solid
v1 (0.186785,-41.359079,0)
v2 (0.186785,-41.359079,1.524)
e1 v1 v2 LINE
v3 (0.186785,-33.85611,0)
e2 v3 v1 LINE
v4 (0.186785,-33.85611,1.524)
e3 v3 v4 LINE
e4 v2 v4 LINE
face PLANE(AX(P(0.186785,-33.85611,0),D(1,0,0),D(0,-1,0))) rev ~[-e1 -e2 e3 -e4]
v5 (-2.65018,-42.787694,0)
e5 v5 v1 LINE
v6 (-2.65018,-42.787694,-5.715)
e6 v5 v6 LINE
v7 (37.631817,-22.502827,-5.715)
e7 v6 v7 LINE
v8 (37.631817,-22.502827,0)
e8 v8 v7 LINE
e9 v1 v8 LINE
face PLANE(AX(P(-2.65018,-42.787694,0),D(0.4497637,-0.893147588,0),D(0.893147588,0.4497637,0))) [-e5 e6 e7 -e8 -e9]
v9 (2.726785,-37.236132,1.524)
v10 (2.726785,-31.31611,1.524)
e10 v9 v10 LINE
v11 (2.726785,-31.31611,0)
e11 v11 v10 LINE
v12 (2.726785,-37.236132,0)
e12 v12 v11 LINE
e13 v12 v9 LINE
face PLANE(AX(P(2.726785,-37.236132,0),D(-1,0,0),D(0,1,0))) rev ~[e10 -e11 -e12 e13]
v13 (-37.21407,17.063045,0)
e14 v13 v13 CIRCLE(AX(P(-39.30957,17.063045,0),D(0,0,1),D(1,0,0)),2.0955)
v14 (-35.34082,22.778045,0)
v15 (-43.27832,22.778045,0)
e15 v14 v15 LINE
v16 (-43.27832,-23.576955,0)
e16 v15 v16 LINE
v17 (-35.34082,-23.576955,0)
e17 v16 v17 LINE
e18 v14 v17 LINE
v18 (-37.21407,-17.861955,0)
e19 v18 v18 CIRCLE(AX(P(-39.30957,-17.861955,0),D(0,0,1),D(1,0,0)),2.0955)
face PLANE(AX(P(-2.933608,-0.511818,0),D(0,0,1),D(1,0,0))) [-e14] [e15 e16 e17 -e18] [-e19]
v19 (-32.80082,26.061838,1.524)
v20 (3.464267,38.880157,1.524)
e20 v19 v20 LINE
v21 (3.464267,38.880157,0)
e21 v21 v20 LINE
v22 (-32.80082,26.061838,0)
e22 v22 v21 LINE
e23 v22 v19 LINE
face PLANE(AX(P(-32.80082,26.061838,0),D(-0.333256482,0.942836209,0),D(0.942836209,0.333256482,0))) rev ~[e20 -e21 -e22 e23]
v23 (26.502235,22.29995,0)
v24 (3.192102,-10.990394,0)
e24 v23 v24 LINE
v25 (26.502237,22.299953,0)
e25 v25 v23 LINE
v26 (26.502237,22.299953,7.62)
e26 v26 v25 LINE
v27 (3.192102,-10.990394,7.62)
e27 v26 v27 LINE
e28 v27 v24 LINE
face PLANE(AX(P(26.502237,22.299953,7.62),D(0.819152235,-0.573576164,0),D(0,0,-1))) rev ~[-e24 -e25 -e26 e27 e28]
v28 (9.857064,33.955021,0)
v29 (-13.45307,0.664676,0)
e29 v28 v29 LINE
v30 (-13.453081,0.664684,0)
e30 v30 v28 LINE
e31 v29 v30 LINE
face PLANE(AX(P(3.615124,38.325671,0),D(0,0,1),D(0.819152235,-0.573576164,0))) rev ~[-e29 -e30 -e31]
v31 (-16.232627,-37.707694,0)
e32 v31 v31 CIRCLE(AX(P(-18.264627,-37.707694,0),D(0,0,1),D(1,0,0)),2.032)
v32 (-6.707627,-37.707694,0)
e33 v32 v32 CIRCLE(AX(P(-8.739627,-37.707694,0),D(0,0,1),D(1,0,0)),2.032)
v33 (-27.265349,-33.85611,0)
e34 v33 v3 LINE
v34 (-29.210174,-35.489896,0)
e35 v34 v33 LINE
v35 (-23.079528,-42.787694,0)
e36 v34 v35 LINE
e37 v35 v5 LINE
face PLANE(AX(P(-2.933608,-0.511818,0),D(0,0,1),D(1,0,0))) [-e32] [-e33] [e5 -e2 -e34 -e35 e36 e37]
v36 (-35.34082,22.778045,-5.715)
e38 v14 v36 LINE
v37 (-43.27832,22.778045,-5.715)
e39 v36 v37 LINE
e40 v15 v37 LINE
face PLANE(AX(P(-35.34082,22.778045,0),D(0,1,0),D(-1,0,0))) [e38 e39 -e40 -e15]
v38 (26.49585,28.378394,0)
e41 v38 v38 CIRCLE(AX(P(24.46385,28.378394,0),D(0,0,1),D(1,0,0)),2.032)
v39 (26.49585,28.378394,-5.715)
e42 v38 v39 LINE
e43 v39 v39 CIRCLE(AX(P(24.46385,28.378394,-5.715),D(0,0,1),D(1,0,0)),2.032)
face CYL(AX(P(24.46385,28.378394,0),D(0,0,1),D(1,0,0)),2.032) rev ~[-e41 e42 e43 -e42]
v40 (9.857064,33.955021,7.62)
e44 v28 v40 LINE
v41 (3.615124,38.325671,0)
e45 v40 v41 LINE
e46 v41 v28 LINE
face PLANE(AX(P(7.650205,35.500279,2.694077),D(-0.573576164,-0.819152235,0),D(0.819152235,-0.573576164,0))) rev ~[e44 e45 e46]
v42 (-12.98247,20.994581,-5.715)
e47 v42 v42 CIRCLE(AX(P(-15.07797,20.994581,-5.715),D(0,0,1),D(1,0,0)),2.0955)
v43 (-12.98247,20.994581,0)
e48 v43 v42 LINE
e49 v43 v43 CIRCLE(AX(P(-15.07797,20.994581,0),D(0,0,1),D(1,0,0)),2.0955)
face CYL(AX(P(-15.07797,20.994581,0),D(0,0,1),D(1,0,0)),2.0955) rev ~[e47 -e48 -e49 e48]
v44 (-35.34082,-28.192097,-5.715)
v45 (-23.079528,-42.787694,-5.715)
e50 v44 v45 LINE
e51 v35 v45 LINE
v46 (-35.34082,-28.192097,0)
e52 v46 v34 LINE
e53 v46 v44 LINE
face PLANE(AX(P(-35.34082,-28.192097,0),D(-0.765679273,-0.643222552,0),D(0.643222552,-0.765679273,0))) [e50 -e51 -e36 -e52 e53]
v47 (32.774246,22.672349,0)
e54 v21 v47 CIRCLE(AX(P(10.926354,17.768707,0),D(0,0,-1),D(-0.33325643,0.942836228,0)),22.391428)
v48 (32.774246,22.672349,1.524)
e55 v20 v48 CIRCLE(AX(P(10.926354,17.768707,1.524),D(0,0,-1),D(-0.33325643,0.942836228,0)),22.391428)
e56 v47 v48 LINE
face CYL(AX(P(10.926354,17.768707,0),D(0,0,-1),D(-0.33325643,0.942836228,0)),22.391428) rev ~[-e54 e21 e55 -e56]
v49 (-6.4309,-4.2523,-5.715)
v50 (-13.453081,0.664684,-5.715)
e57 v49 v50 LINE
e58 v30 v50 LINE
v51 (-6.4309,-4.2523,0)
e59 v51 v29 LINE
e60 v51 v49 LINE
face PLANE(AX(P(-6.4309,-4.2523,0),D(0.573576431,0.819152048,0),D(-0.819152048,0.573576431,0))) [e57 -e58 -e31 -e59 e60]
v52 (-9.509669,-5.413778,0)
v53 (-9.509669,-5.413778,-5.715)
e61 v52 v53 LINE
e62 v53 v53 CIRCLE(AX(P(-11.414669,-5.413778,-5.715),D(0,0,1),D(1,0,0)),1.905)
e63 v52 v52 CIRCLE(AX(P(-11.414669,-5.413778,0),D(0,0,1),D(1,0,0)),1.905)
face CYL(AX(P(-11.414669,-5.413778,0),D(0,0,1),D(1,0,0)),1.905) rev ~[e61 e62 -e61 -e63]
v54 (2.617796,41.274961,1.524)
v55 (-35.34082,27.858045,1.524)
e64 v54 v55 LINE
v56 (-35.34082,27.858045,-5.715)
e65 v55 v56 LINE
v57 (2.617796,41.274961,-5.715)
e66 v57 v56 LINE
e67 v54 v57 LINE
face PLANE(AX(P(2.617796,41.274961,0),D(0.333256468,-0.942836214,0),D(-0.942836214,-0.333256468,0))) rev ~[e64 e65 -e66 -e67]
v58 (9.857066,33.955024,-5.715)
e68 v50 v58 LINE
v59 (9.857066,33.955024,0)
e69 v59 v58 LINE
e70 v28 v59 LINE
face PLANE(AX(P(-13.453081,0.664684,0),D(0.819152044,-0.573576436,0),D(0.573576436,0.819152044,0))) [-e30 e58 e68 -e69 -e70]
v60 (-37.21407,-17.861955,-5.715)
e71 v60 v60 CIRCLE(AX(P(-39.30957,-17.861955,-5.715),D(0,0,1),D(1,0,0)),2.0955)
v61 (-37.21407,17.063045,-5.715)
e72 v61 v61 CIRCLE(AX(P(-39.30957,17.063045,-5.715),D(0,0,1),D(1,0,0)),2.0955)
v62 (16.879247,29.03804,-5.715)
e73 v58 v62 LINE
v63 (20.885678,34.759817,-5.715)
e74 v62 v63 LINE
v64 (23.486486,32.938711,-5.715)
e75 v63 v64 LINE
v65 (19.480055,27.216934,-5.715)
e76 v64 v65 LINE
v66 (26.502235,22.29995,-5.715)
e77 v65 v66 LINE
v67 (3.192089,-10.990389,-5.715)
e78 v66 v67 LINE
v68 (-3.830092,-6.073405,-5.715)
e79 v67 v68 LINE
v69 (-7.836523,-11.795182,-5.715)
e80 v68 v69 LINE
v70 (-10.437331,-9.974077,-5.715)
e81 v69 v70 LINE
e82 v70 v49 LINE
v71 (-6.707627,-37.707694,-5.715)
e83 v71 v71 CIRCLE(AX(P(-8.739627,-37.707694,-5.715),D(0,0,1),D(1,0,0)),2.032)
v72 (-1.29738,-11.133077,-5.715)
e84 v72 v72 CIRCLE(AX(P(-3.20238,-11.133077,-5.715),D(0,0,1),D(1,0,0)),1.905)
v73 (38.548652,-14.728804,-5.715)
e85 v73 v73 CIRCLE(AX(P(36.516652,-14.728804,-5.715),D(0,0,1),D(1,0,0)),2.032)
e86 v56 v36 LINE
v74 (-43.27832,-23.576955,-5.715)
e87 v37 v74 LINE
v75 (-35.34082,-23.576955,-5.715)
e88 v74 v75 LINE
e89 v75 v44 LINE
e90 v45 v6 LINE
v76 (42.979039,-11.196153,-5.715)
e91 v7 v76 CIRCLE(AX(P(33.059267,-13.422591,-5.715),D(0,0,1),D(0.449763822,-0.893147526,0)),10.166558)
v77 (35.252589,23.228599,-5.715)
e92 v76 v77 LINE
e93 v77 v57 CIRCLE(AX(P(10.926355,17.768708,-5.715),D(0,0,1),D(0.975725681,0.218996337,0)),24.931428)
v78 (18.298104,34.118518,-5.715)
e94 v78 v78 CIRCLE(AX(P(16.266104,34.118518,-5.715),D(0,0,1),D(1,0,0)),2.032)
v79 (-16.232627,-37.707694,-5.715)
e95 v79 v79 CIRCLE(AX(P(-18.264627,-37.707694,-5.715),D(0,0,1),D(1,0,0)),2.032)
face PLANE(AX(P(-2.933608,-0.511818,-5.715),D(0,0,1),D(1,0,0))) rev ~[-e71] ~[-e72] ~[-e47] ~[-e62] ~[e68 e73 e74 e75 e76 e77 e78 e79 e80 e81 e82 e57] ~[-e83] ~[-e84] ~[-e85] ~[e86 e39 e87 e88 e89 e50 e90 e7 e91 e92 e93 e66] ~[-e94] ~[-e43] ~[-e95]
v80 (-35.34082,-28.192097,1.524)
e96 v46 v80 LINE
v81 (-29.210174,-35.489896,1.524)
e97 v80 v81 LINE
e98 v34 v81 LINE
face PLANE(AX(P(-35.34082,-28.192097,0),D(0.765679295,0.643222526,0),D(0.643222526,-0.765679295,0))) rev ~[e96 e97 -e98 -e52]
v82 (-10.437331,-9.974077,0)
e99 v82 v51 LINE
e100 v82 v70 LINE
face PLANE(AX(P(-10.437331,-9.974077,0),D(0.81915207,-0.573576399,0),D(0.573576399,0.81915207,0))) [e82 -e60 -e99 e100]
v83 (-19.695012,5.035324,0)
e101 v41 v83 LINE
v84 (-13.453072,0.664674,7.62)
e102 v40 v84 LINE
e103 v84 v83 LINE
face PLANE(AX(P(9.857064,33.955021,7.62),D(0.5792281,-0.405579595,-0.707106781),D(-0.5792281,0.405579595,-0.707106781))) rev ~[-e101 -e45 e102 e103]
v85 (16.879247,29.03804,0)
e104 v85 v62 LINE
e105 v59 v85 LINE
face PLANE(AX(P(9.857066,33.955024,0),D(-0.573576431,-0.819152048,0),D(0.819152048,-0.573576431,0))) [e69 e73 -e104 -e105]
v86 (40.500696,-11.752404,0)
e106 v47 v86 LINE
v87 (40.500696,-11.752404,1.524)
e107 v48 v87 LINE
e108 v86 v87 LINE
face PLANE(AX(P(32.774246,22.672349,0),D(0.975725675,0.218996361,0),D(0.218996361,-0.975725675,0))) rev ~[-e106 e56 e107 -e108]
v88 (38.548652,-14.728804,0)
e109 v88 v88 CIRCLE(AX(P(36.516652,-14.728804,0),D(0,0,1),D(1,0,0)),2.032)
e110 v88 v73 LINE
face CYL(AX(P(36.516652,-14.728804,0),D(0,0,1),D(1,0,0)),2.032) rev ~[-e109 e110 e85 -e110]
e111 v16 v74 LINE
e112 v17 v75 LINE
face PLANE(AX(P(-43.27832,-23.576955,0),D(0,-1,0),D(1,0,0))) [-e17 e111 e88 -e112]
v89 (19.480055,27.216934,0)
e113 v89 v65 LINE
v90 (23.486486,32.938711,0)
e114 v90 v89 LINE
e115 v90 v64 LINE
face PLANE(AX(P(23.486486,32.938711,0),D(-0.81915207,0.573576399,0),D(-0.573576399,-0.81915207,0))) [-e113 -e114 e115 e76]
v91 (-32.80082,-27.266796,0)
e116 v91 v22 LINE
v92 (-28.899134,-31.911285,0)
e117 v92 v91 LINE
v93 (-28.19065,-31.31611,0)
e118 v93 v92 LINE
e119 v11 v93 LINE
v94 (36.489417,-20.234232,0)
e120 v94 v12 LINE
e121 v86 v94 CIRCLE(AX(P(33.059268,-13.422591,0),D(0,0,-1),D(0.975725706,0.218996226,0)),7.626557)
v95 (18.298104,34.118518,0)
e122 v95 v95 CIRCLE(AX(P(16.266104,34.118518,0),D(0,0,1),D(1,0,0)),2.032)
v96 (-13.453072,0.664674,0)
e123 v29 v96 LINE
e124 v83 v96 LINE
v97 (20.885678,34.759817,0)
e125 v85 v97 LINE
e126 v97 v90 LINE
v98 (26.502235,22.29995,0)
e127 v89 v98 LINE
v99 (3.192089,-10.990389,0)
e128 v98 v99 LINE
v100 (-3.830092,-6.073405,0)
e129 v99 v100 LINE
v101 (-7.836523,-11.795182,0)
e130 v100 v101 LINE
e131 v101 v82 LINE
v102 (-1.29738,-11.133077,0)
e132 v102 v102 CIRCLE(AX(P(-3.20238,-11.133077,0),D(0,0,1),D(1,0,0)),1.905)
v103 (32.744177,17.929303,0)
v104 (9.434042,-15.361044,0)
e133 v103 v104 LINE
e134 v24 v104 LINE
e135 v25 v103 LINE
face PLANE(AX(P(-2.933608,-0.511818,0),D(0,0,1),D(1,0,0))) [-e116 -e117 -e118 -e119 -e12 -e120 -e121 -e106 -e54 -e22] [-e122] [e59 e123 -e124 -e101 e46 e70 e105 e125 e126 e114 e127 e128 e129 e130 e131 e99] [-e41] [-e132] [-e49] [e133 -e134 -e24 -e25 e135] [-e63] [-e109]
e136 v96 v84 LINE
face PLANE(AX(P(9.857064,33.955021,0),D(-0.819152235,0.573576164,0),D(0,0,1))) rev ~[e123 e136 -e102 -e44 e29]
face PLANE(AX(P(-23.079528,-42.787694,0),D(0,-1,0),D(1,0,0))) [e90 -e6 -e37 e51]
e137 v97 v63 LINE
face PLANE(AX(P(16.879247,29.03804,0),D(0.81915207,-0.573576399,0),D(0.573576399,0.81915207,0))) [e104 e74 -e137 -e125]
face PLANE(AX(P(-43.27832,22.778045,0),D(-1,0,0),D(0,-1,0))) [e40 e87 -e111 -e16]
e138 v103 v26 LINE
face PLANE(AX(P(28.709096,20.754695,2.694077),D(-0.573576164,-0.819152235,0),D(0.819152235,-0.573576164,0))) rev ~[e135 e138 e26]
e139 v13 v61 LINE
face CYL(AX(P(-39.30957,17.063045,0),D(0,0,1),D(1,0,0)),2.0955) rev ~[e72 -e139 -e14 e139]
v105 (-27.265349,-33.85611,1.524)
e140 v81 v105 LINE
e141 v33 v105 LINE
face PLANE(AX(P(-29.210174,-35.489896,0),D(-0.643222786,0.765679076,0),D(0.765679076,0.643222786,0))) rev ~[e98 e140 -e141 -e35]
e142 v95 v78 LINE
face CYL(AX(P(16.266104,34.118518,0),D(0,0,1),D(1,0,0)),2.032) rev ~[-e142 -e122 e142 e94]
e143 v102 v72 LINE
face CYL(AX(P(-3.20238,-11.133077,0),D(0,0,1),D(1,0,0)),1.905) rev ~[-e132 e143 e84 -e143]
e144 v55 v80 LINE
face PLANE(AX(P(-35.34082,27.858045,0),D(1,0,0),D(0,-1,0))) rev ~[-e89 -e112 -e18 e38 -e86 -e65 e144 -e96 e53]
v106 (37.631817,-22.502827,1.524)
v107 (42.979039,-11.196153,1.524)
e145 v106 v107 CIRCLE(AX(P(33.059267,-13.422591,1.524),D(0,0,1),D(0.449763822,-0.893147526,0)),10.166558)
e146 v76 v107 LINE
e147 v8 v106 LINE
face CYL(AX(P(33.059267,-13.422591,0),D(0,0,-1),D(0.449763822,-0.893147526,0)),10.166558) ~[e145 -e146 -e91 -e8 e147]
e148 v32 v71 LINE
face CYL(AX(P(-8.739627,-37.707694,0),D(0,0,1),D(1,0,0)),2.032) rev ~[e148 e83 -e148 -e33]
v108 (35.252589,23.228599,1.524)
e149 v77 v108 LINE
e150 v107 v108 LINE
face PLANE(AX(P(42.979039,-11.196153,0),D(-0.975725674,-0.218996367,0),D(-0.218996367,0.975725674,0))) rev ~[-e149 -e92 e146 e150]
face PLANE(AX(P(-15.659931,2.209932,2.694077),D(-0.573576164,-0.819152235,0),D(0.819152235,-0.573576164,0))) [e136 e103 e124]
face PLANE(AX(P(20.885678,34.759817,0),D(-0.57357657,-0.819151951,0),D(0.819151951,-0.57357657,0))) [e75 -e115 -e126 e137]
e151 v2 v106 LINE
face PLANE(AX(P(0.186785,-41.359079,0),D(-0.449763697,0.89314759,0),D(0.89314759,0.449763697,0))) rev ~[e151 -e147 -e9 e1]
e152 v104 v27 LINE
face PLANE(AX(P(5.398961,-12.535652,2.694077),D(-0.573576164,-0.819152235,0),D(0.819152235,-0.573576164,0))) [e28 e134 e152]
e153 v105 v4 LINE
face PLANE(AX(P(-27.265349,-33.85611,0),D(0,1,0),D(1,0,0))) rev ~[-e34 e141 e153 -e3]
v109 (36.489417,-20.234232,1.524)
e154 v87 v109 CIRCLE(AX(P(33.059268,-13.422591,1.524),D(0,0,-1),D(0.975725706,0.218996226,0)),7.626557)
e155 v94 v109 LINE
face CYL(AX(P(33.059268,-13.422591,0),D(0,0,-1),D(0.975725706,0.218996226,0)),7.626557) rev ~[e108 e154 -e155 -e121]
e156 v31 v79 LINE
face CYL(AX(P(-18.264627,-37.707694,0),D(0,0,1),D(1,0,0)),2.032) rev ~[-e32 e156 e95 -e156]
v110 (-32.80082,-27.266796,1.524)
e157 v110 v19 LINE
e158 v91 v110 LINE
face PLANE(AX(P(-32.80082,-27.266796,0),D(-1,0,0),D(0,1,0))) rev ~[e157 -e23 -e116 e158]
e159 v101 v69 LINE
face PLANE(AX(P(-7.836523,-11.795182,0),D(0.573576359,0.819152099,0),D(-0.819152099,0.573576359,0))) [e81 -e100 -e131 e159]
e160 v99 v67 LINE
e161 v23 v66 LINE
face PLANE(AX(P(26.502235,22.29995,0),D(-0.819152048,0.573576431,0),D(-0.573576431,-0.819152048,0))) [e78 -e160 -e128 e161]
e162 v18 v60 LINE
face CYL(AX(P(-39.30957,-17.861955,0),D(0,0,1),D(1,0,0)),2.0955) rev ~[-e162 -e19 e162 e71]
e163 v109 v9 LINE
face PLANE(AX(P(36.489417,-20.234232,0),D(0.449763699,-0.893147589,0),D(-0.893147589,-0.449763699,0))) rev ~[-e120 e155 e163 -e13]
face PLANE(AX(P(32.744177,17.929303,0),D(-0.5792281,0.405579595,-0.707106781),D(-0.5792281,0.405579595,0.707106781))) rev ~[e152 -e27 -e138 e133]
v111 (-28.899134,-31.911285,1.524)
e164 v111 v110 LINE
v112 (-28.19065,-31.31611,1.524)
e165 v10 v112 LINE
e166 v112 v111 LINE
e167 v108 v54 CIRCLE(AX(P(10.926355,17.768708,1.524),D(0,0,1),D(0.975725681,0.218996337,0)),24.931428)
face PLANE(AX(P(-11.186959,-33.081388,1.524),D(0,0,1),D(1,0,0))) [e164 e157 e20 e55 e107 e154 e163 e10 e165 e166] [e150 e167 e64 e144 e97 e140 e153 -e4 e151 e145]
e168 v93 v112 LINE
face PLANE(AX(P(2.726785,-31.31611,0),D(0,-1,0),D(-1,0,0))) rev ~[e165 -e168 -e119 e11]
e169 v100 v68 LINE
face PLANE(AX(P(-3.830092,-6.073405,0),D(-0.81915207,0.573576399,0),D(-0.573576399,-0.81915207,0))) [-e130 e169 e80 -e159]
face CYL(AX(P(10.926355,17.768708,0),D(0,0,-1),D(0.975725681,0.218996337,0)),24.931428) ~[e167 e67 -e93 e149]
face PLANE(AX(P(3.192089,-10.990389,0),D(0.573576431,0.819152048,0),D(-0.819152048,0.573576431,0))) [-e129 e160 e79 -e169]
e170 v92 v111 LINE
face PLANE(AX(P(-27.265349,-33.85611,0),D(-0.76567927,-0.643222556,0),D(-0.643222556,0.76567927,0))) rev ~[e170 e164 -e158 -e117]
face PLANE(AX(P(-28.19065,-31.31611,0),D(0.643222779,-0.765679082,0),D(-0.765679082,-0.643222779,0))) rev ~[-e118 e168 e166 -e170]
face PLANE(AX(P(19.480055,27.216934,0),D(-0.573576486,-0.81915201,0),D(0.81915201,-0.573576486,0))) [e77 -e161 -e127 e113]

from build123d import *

# Parameters (mm, degrees)
F0_R     = 2.032
F0_R_2   = 2.0955
F0_R_3   = 1.905
F1_DEPTH = 5.715
F3_DEPTH = 1.524
F5_DEPTH = 1.524
F7_DEPTH = 40.64


with BuildPart() as f1:
    # F0 (on Top) → F1 (new body)
    with BuildSketch(Plane.XY):
        with BuildLine():
            Line((42.979039, -11.196153), (35.252589, 23.228599))
            ThreePointArc((35.252589, 23.228599), (22.99115, 39.586517), (2.617796, 41.274961))
            Line((2.617796, 41.274961), (-35.34082, 27.858045))
            Line((-35.34082, 27.858045), (-35.34082, 22.778045))
            Line((-35.34082, 22.778045), (-43.27832, 22.778045))
            Line((-43.27832, 22.778045), (-43.27832, -23.576955))
            Line((-43.27832, -23.576955), (-35.34082, -23.576955))
            Line((-35.34082, -23.576955), (-35.34082, -28.192097))
            Line((-35.34082, -28.192097), (-23.079528, -42.787694))
            Line((-23.079528, -42.787694), (-2.65018, -42.787694))
            Line((-2.65018, -42.787694), (37.631817, -22.502827))
            ThreePointArc((37.631817, -22.502827), (42.249864, -17.769064), (42.979039, -11.196153))
        make_face()
        with Locations((-18.264627, -37.707694)):
            Circle(F0_R, mode=Mode.SUBTRACT)
        with Locations((-8.739627, -37.707694)):
            Circle(F0_R, mode=Mode.SUBTRACT)
        with Locations((-39.30957, -17.861955)):
            Circle(F0_R_2, mode=Mode.SUBTRACT)
        with Locations((-3.20238, -11.133077)):
            Circle(F0_R_3, mode=Mode.SUBTRACT)
        with Locations((-11.414669, -5.413778)):
            Circle(F0_R_3, mode=Mode.SUBTRACT)
        with Locations((36.516652, -14.728804)):
            Circle(F0_R, mode=Mode.SUBTRACT)
        with Locations((-39.30957, 17.063045)):
            Circle(F0_R_2, mode=Mode.SUBTRACT)
        with Locations((-15.07797, 20.994581)):
            Circle(F0_R_2, mode=Mode.SUBTRACT)
        Polygon((26.502235, 22.29995), (3.192089, -10.990389), (-3.830092, -6.073405), (-7.836523, -11.795182), (-10.437331, -9.974077), (-6.4309, -4.2523), (-13.453081, 0.664684), (9.857066, 33.955024), (16.879247, 29.03804), (20.885678, 34.759817), (23.486486, 32.938711), (19.480055, 27.216934), align=None, mode=Mode.SUBTRACT)
        with Locations((16.266104, 34.118518)):
            Circle(F0_R, mode=Mode.SUBTRACT)
        with Locations((24.46385, 28.378394)):
            Circle(F0_R, mode=Mode.SUBTRACT)
    extrude(amount=-F1_DEPTH)

    # F2 (on face) → F3 (join)
    with BuildSketch(Plane.XY):
        with BuildLine():
            Line((-35.34082, 22.778045), (-35.34082, -23.576955))
            Line((-35.34082, -23.576955), (-35.34082, -28.192097))
            Line((-35.34082, -28.192097), (-29.210174, -35.489896))
            Line((-29.210174, -35.489896), (-27.265349, -33.85611))
            Line((-27.265349, -33.85611), (-32.80082, -27.266796))
            Line((-32.80082, -27.266796), (-32.80082, -23.576955))
            Line((-32.80082, -23.576955), (-32.80082, 22.778045))
            Line((-32.80082, 22.778045), (-32.80082, 26.061838))
            Line((-32.80082, 26.061838), (3.464267, 38.880157))
            ThreePointArc((3.464267, 38.880157), (21.761995, 37.363731), (32.774246, 22.672349))
            Line((32.774246, 22.672349), (40.500696, -11.752404))
            ThreePointArc((40.500696, -11.752404), (39.953697, -16.683147), (36.489417, -20.234232))
            Line((36.489417, -20.234232), (0.186785, -38.515204))
            Line((0.186785, -38.515204), (0.186785, -41.359079))
            Line((0.186785, -41.359079), (37.631817, -22.502827))
            ThreePointArc((37.631817, -22.502827), (42.249864, -17.769064), (42.979039, -11.196153))
            Line((42.979039, -11.196153), (35.252589, 23.228599))
            ThreePointArc((35.252589, 23.228599), (22.99115, 39.586517), (2.617796, 41.274961))
            Line((2.617796, 41.274961), (-35.34082, 27.858045))
            Line((-35.34082, 27.858045), (-35.34082, 22.778045))
        make_face()
    extrude(amount=F3_DEPTH)

    # F4 (on face) → F5 (join)
    with BuildSketch(Plane.XY):
        Polygon((-28.899134, -31.911285), (-27.265349, -33.85611), (0.186785, -33.85611), (0.186785, -38.515204), (2.726785, -37.236132), (2.726785, -31.31611), (-28.19065, -31.31611), align=None)
    extrude(amount=F5_DEPTH)

    # F6 (on face) → F7 (join)
    with BuildSketch(Plane(origin=(19.196518, 27.415469, 0), x_dir=(0.819152, -0.573576, 0), z_dir=(-0.573576, -0.819152, 0))):
        Polygon((-19.021366, 0), (-11.401366, 0), (-11.401366, 7.62), align=None)
        Polygon((8.918634, 7.62), (8.918634, 0), (16.538634, 0), align=None)
    extrude(amount=F7_DEPTH)


solid = f1.part
